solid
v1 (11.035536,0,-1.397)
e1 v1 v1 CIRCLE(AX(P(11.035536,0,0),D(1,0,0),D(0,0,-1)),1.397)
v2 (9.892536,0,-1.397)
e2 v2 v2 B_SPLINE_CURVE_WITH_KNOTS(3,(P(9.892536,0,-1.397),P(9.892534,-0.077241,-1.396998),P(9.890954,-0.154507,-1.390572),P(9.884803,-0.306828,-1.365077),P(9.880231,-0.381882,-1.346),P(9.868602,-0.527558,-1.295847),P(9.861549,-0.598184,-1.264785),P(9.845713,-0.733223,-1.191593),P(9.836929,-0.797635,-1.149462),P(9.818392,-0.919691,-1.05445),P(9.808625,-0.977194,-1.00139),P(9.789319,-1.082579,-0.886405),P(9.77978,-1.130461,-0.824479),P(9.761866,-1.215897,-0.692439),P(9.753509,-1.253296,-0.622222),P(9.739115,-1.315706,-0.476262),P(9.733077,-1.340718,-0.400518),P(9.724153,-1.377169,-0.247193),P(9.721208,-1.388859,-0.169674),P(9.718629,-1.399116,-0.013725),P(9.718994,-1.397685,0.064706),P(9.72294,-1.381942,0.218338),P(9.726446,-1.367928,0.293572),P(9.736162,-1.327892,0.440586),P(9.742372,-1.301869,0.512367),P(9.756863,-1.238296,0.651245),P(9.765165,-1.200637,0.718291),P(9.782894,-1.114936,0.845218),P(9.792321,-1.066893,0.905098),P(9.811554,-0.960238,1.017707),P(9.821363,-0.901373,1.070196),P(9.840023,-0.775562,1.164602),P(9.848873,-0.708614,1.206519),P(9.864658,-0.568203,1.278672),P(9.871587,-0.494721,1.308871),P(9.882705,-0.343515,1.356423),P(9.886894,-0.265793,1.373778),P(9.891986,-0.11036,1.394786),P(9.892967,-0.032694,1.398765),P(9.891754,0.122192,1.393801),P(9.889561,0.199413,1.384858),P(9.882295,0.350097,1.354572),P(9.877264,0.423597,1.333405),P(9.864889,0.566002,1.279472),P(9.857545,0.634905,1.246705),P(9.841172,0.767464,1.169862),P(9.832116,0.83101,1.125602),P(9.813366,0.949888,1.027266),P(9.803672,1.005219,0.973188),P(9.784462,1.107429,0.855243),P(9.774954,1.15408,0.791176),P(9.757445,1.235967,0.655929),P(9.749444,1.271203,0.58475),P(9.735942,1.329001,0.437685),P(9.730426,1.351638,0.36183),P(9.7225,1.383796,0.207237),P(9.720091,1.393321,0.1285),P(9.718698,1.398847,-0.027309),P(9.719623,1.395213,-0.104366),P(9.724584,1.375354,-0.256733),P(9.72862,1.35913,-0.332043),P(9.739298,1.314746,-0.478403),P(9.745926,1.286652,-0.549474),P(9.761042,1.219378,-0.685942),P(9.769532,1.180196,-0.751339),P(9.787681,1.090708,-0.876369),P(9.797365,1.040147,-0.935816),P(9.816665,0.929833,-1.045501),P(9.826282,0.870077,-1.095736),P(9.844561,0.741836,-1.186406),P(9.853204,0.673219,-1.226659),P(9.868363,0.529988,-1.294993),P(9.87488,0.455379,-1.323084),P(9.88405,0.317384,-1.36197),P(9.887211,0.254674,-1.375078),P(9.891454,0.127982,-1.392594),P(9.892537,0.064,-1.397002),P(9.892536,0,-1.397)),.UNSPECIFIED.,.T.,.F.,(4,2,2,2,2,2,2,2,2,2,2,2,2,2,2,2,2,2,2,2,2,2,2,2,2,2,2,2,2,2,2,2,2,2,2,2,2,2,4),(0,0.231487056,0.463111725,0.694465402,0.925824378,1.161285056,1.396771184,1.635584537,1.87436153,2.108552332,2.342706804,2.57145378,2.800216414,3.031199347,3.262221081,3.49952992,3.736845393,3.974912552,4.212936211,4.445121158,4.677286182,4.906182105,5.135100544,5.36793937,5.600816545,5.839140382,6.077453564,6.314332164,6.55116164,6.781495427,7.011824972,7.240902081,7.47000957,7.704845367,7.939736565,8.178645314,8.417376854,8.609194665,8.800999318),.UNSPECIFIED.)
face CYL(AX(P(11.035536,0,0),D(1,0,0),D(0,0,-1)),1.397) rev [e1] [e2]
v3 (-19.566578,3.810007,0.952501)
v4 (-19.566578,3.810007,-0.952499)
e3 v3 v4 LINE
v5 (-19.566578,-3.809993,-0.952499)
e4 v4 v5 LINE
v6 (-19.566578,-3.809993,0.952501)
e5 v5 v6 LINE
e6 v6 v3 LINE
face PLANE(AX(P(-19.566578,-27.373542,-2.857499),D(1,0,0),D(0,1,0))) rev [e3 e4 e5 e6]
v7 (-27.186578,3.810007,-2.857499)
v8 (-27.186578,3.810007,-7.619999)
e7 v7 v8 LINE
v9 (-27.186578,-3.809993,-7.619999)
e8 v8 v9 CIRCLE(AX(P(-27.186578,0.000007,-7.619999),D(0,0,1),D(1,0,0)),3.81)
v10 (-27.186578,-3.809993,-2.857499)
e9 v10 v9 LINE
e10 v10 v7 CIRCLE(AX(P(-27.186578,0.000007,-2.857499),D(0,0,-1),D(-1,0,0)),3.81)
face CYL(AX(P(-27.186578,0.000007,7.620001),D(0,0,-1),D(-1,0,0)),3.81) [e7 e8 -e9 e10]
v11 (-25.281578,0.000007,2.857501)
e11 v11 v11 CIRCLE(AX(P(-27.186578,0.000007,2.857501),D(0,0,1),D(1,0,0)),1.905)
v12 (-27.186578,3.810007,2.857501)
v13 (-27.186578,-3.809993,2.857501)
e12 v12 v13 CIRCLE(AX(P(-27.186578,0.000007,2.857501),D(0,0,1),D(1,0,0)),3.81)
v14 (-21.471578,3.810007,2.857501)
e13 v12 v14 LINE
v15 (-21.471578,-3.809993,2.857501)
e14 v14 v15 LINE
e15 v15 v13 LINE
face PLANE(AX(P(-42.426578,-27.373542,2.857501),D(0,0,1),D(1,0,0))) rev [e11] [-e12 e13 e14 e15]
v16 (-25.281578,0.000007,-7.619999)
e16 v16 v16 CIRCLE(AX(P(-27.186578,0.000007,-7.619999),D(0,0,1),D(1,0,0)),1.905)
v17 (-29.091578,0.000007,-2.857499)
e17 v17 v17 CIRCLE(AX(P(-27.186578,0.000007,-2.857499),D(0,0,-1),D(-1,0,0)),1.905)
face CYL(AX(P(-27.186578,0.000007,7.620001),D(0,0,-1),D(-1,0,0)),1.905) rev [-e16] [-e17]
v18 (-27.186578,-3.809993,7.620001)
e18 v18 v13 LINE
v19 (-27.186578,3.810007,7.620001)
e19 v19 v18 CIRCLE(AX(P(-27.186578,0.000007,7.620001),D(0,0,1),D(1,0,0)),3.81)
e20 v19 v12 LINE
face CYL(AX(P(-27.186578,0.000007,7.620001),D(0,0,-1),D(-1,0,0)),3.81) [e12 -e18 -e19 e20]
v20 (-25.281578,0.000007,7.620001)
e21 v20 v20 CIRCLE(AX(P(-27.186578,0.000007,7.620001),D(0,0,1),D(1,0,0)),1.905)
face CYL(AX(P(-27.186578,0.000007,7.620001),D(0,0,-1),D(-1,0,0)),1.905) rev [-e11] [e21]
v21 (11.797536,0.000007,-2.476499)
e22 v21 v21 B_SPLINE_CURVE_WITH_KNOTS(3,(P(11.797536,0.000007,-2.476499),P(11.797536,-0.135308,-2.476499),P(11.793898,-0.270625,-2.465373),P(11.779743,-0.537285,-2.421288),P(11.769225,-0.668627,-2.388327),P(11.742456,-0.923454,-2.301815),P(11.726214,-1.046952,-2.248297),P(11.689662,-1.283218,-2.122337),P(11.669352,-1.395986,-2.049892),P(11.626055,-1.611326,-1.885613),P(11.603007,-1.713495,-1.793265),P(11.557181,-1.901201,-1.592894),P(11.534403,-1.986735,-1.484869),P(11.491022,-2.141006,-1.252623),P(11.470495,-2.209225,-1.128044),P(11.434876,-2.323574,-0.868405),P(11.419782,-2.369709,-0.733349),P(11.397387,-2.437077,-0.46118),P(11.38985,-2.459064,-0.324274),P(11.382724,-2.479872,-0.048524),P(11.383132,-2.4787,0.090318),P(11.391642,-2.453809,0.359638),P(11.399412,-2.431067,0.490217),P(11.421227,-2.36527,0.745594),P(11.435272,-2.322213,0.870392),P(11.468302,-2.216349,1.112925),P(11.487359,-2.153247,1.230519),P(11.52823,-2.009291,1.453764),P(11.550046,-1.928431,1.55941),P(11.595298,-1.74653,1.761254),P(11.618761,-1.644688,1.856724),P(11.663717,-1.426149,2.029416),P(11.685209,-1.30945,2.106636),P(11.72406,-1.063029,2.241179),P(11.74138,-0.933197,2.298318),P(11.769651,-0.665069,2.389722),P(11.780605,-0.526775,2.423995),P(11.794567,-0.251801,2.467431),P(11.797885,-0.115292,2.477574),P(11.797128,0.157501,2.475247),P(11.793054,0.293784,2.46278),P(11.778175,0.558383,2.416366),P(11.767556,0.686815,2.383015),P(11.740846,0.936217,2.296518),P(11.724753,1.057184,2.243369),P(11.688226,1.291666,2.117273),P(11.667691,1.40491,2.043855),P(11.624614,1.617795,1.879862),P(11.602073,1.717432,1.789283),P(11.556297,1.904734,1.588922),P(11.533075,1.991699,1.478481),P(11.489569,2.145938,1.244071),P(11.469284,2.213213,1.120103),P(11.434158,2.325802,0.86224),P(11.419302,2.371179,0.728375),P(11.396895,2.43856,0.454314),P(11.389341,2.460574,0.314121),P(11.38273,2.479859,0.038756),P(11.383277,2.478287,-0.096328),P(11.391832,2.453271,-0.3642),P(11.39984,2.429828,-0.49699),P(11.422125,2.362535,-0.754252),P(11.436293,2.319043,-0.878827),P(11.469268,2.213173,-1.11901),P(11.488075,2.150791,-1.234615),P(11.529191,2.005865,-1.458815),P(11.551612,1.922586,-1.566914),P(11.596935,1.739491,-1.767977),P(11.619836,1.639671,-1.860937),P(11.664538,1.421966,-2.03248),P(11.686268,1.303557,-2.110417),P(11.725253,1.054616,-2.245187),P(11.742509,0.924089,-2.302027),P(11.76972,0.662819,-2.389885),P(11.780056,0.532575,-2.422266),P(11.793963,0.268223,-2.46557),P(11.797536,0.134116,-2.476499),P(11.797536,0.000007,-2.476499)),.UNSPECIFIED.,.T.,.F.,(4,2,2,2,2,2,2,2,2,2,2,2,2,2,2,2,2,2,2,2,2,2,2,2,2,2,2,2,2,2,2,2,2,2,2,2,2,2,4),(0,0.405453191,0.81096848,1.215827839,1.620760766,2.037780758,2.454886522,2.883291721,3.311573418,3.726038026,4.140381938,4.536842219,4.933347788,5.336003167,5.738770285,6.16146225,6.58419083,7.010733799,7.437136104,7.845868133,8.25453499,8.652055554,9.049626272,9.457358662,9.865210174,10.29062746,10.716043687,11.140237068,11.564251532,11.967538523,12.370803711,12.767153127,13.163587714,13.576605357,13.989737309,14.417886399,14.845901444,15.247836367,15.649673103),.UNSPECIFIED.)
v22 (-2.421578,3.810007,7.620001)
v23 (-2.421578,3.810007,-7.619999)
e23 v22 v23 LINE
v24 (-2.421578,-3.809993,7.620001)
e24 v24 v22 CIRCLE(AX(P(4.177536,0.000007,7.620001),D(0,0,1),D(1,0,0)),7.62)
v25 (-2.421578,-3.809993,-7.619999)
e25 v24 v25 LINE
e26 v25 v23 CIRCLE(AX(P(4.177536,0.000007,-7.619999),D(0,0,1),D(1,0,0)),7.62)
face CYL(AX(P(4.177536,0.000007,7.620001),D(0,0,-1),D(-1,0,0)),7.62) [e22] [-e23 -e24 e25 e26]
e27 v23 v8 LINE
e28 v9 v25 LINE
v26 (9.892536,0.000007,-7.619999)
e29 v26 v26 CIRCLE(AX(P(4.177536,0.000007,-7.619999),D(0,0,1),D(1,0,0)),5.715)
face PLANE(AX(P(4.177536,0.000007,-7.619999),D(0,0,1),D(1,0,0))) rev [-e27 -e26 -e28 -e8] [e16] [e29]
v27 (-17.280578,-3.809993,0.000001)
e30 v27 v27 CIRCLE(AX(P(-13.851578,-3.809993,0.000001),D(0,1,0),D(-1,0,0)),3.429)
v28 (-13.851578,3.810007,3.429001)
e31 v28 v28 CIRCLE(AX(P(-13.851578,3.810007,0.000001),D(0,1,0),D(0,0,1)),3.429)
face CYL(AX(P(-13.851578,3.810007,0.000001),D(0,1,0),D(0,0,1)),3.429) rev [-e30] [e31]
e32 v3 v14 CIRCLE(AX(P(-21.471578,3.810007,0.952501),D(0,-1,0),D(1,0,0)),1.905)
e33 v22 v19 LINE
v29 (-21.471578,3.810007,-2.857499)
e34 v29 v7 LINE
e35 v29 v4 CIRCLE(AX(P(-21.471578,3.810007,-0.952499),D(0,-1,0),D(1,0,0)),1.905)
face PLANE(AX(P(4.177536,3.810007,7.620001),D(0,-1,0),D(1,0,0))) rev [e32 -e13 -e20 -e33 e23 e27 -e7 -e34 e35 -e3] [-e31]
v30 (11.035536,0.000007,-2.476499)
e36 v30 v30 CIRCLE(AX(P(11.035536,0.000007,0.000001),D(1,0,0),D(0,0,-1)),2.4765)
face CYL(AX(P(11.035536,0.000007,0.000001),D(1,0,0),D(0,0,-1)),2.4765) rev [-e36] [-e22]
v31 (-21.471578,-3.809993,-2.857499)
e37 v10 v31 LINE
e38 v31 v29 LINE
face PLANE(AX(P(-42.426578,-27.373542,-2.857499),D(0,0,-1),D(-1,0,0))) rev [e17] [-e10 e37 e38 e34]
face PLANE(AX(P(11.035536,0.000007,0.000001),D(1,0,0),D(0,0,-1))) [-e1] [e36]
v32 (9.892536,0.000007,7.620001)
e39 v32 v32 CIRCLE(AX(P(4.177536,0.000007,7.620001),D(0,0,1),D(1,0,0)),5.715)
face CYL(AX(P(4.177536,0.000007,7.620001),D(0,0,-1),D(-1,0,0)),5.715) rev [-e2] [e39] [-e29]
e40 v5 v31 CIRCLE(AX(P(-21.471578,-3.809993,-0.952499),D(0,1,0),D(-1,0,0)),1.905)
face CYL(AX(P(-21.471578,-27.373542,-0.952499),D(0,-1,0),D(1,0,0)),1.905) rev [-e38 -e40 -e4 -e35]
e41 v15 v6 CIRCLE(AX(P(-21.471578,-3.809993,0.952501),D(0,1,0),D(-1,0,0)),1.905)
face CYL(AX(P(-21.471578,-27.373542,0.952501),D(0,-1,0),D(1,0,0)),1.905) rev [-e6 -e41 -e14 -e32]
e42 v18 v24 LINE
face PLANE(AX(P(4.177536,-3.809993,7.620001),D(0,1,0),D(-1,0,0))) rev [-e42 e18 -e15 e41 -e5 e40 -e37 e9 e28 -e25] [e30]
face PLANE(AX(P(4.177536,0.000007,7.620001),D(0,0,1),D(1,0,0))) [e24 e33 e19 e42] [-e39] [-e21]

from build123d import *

# Parameters (mm, degrees)
SKETCH1_R                      = 1.27
SKETCH1_R_2                    = 3.81
BOSS_EXTRUDE1_DEPTH            = 5.08
F_15_0_18_DIAMETER_HOLE1_D     = 4.572
SKETCH5_W                      = 15.24
SKETCH5_H                      = 3.81
CUT_EXTRUDE1_DEPTH             = 5.08
FILLET1_R                      = 1.27
CUT_EXTRUDE3_START             = 5.334
SKETCH8_R                      = 1.651
CUT_EXTRUDE3_DEPTH             = 0.762
SCALE1_SCALE                   = 1.5
F_35_0_11_DIAMETER_HOLE1_D     = 2.794
F_35_0_11_DIAMETER_HOLE1_DEPTH = 6.35
F_35_0_11_DIAMETER_HOLE1_TIP   = 0.839402285


with BuildPart() as part:
    # Sketch1 → Boss-Extrude1 (new, symmetric)
    with BuildSketch(Plane.XY):
        with BuildLine():
            Line((-20.909409051, -2.54), (-4.399409051, -2.54))
            ThreePointArc((-4.399409051, -2.54), (5.08, 0), (-4.399409051, 2.54))
            Line((-4.399409051, 2.54), (-20.909409051, 2.54))
            ThreePointArc((-20.909409051, 2.54), (-23.449409051, 0), (-20.909409051, -2.54))
        make_face()
        with Locations((-20.909409051, 0)):
            Circle(SKETCH1_R, mode=Mode.SUBTRACT)
        Circle(SKETCH1_R_2, mode=Mode.SUBTRACT)
    extrude(amount=BOSS_EXTRUDE1_DEPTH, both=True)

    # #15 (0.18) Diameter Hole1 (through all)
    with Locations(Plane(origin=(0, 2.54, 0), x_dir=(1, 0, 0), z_dir=(0, 1, 0))):
        with Locations((-12.019409051, 0)):
            Hole(F_15_0_18_DIAMETER_HOLE1_D / 2)

    # Sketch5 → Cut-Extrude1 (cut)
    with BuildSketch(Plane(origin=(0, 2.54, 0), x_dir=(1, 0, 0), z_dir=(0, 1, 0))):
        with Locations((-23.449409051, 0)):
            Rectangle(SKETCH5_W, SKETCH5_H)
    extrude(amount=-CUT_EXTRUDE1_DEPTH, mode=Mode.SUBTRACT)

    # Fillet1
    fillet1_edges = [part.edges().sort_by_distance(p)[0] for p in [
        (-15.829409051, 0, 1.905),
        (-15.829409051, 0, -1.905),
    ]]
    fillet(fillet1_edges, radius=FILLET1_R)

    # Sketch8 → Cut-Extrude3 (cut)
    with BuildSketch(Plane(origin=(0, 0, 0), x_dir=(0, 0, -1), z_dir=(1, 0, 0)).offset(CUT_EXTRUDE3_START)):
        Circle(SKETCH8_R)
    extrude(amount=-CUT_EXTRUDE3_DEPTH, mode=Mode.SUBTRACT)


with BuildPart() as part_1:
    # Scale1: scaled about (-8.355295552, 4.7607e-05, -6.308e-06)
    add(part.part.scale(SCALE1_SCALE).moved(Location((4.177647776, -2.3804e-05, 3.154e-06))))

    # #35 (0.11) Diameter Hole1
    with Locations(Plane(origin=(11.035535864, 0, 0), x_dir=(0, 0, -1), z_dir=(1, 0, 0))):
        with Locations((0, 0)):
            Hole(F_35_0_11_DIAMETER_HOLE1_D / 2, depth=F_35_0_11_DIAMETER_HOLE1_DEPTH)
            with Locations((0, 0, -(F_35_0_11_DIAMETER_HOLE1_DEPTH + F_35_0_11_DIAMETER_HOLE1_TIP / 2))):  # 118° drill point
                Cone(0, F_35_0_11_DIAMETER_HOLE1_D / 2, F_35_0_11_DIAMETER_HOLE1_TIP, mode=Mode.SUBTRACT)


solid = part_1.part
